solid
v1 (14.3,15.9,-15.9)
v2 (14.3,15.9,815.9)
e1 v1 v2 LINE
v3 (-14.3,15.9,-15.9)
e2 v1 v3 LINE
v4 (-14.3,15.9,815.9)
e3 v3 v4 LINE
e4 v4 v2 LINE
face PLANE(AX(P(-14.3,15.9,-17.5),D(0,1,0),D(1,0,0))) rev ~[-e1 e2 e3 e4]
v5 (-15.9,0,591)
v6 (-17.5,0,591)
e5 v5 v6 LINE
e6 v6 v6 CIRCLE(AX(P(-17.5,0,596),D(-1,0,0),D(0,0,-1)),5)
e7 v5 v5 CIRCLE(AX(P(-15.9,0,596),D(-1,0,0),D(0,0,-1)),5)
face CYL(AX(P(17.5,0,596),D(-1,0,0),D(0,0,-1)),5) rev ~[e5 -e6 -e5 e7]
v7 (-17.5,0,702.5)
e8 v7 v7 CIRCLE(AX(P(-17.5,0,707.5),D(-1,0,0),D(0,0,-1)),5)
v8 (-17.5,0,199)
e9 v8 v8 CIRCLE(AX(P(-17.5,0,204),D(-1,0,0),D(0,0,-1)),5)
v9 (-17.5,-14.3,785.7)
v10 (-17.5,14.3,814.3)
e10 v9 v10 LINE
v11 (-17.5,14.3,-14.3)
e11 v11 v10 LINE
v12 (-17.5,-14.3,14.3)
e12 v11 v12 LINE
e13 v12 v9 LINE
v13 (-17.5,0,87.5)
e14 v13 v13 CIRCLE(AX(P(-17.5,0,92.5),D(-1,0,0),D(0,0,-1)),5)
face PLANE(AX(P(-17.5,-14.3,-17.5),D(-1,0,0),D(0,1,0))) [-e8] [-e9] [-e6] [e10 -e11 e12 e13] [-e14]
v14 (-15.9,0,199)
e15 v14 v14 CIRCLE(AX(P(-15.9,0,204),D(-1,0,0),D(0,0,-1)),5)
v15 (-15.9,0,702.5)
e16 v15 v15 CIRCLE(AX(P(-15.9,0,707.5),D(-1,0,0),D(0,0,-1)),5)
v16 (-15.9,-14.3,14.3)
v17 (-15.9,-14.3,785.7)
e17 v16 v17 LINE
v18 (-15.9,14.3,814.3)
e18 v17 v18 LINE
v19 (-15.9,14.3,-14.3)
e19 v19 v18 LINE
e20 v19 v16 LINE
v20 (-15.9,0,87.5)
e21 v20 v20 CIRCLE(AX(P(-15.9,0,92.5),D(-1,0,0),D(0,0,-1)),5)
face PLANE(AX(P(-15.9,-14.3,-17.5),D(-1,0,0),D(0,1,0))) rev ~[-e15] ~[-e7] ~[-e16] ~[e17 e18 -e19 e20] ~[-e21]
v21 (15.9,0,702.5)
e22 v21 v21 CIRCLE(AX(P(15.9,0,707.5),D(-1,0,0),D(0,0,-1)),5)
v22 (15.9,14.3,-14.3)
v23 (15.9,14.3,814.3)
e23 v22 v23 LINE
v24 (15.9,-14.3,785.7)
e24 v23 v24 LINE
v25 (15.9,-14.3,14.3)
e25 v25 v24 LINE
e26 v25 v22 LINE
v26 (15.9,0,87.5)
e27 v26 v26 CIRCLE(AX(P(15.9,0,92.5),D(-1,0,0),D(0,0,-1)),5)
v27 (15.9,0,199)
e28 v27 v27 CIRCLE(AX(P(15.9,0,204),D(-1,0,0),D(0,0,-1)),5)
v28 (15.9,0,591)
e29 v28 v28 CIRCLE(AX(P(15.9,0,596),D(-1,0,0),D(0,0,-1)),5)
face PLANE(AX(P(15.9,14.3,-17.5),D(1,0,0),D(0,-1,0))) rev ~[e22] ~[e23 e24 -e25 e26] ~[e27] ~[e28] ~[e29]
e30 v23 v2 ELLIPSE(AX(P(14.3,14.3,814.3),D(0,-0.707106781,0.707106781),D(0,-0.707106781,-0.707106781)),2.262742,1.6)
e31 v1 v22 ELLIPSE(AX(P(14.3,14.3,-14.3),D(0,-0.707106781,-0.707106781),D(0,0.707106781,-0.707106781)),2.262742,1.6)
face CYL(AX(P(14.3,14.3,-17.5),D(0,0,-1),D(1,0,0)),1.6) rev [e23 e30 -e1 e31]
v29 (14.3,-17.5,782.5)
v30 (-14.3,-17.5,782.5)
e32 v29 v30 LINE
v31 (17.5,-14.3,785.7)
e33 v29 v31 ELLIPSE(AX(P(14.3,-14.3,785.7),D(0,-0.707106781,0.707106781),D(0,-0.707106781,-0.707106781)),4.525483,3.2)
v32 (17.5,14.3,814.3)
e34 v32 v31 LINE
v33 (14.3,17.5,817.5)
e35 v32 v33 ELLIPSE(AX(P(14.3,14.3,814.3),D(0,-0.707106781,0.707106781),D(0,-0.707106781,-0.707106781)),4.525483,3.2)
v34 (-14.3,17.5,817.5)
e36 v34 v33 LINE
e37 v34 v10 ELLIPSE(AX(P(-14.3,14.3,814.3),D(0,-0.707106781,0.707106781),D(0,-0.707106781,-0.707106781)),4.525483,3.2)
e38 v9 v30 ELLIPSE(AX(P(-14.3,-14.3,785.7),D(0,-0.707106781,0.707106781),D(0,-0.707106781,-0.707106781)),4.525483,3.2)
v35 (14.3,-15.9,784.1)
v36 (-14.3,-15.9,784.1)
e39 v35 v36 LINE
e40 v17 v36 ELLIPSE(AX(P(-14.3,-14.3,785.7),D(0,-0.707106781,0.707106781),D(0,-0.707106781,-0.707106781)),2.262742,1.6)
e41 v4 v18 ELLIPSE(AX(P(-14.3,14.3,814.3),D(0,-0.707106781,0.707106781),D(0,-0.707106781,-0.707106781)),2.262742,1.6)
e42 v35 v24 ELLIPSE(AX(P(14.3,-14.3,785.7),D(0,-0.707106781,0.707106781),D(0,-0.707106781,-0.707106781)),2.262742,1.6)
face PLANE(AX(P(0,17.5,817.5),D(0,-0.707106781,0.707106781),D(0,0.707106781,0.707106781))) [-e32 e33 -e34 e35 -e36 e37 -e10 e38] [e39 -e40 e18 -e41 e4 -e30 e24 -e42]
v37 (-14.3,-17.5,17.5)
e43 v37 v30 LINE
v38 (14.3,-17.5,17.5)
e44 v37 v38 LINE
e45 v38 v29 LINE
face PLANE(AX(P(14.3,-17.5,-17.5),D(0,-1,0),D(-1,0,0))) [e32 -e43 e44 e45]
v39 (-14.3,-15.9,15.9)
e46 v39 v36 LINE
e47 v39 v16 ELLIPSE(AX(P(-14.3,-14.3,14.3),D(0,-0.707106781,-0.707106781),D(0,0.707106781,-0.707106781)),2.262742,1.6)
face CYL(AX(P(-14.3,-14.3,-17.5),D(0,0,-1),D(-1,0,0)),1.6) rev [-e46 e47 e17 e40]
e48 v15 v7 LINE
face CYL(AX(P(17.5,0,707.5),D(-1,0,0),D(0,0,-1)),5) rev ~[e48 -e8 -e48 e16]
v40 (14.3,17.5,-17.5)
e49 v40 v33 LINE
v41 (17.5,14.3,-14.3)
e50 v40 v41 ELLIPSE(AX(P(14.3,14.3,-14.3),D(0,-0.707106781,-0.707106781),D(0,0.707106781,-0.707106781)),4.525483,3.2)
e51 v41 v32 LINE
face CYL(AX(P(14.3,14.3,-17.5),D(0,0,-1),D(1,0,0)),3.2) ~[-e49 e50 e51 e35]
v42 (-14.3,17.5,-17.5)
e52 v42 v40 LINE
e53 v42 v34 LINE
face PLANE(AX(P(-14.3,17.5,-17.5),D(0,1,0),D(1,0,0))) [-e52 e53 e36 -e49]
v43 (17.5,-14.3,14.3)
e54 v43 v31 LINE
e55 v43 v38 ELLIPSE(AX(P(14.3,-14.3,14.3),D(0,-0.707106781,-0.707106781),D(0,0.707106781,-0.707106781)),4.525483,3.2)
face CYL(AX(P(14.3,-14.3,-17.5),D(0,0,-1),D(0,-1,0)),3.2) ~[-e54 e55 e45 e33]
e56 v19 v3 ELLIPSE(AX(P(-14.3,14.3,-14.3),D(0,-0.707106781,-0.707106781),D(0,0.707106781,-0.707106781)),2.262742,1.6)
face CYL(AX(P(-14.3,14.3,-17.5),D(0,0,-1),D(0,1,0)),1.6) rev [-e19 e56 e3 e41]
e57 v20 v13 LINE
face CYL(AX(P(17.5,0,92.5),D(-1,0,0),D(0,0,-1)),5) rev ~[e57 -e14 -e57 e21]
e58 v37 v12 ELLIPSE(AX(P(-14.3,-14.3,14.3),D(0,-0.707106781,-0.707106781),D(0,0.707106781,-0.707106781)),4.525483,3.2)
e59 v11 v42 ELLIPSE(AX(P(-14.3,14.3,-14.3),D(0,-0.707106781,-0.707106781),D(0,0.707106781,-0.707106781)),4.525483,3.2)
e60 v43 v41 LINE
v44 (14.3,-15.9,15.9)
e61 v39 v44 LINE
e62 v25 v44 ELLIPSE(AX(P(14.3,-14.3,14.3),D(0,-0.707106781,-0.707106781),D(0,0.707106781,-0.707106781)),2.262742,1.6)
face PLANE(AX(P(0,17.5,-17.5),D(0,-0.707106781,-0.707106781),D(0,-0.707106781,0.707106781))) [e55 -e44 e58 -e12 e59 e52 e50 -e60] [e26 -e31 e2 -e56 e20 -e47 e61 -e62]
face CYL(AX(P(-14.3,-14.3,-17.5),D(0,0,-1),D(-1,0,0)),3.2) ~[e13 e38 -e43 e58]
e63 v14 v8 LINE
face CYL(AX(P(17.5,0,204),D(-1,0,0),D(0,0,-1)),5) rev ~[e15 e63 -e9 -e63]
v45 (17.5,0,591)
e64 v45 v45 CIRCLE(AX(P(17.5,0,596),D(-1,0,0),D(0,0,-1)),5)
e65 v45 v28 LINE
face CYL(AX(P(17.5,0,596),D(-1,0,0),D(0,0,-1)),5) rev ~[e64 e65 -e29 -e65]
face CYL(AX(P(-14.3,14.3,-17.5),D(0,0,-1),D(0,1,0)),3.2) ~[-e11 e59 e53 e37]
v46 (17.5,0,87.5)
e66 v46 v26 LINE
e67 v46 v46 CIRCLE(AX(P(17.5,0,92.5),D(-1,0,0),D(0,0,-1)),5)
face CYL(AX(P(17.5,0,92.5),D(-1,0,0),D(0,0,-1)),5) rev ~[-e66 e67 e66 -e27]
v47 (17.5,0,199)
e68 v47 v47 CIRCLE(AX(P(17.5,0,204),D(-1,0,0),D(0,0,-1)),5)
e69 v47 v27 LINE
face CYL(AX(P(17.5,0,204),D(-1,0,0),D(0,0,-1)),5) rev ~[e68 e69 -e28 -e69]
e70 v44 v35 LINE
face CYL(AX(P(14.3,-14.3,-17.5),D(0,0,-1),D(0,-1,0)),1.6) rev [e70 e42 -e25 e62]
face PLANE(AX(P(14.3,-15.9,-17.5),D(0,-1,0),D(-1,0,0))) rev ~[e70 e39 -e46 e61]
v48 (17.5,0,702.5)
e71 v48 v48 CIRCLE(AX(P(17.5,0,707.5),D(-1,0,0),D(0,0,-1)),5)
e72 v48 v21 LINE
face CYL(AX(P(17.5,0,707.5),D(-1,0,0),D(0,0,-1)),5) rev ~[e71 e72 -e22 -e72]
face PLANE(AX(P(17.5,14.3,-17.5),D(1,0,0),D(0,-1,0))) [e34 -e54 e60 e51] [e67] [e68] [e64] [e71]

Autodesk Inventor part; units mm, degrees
ref_plane "Start plane" through (0, 0, -17.5) normal (0, 0, 1) x (1, 0, 0)
ref_plane "End plane" through (0, 0, 817.5) normal (0, 0, 1) x (1, 0, 0)
sketch "Sketch" plane through (0, 0, 0) normal (0, 0, 1) x (1, 0, 0)
  line L0 (-17.5, -14.3) -> (-17.5, 14.3)
  line L1 (-14.3, 17.5) -> (14.3, 17.5)
  line L2 (17.5, 14.3) -> (17.5, -14.3)
  line L3 (14.3, -17.5) -> (-14.3, -17.5)
  arc A0 (-17.5, -14.3) -> (-14.3, -17.5) centre (-14.3, -14.3) ccw
  arc A1 (-14.3, 17.5) -> (-17.5, 14.3) centre (-14.3, 14.3) ccw
  arc A2 (17.5, 14.3) -> (14.3, 17.5) centre (14.3, 14.3) ccw
  arc A3 (14.3, -17.5) -> (17.5, -14.3) centre (14.3, -14.3) ccw
  arc A4 (-14.3, 15.9) -> (-15.9, 14.3) centre (-14.3, 14.3) ccw
  line L4 (-14.3, 15.9) -> (14.3, 15.9)
  arc A5 (15.9, 14.3) -> (14.3, 15.9) centre (14.3, 14.3) ccw
  line L5 (15.9, 14.3) -> (15.9, -14.3)
  arc A6 (14.3, -15.9) -> (15.9, -14.3) centre (14.3, -14.3) ccw
  line L6 (14.3, -15.9) -> (-14.3, -15.9)
  arc A7 (-15.9, -14.3) -> (-14.3, -15.9) centre (-14.3, -14.3) ccw
  line L7 (-15.9, -14.3) -> (-15.9, 14.3)
  line L8 (0, 25.4278) -> (0, -25.4278) construction
  line L9 (-25.4278, 0) -> (25.4278, 0) construction
  dimension "d7" = 3.2
  dimension "d10" = 35
  dimension "d11" = 35
  dimension "d12" = 1.6
  dimension "d15" = 17.5
  dimension "d16" = 17.5
extrude "Body" add sketch "Sketch" along normal up to surface (835 mm away) from surface at -17.5
sketch "Sketch3" plane through (0, 0, 0) normal (0, 0, 1) x (1, 0, 0)
  line L0 (0, 0) -> (10, 0)
ref_plane "Work Plane3" through (0, 0, 0) normal (0, -1, 0) x (1, 0, 0)
sketch "Sketch4" plane through (0, 0, 0) normal (0, -1, 0) x (1, 0, 0)
  line L0 (-2, -17.5) -> (12, -17.5)
  line L1 (-2, 817.5) -> (12, 817.5)
  dimension "d18" = 835
ref_plane "Work Plane4" through (-17.5, 0, -17.5) normal (0, 0, -1) x (-1, 0, 0)
split "Split1" plane through (-17.5, 0, -17.5) removes the side toward (0, 0, -1)
ref_plane "Work Plane5" through (-107.5, 0, 817.5) normal (0, 0, 1) x (1, 0, 0)
split "Split2" plane through (-107.5, 0, 817.5) removes the side toward (0, 0, 1)
ref_plane "Work Plane6" through (0, 17.5, -17.5) normal (0, -0.7071, -0.7071) x (1, 0, 0)
split "Split3" plane through (0, 17.5, -17.5) removes the side toward (0, -0.7071, -0.7071)
ref_plane "Work Plane8" through (0, 17.5, 817.5) normal (0, -0.7071, 0.7071) x (1, 0, 0)
split "Split5" plane through (0, 17.5, 817.5) removes the side toward (0, -0.7071, 0.7071)
sketch "Sketch5" plane through (17.5, 14.3, 814.3) normal (1, 0, 0) x (0, 0, -1)
  line L0 (0, 0) -> (28.6, -28.6) construction
  line L1 (28.6, -28.6) -> (800, -28.6) construction
  line L2 (800, -28.6) -> (828.6, 0) construction
  line L3 (0, 0) -> (828.6, 0) construction
  line L4 (31.8, -496.8) -> (31.8, -31.8) construction
  line L5 (796.8, -31.8) -> (796.8, -96.8) construction
  line L6 (106.8, 0) -> (106.8, -28.6) construction
  line L7 (28.6, -28.6) -> (800, -28.6) construction
  line L8 (218.3, 0) -> (218.3, -28.6) construction
  line L9 (106.8, -14.3) -> (218.3, -14.3) construction
  line L10 (721.8, 0) -> (721.8, -28.6) construction
  line L11 (0, 0) -> (828.6, 0) construction
  line L12 (610.3, 0) -> (610.3, -28.6) construction
  line L13 (610.3, -14.3) -> (721.8, -14.3) construction
  point P0 (814.3, -14.3)
  dimension "d19" = 75
  dimension "d20" = 111.5
  dimension "d21" = 75
  dimension "d22" = 111.5
hole "Hole1" at (17.5, 0, 707.5) at (17.5, 0, 596) at (17.5, 0, 204) at (17.5, 0, 92.5) direction (-1, 0, 0) diameter 10 end through all
equation "\"d7\" = G_IR"
equation "\"d10\" = G_H"
equation "\"d11\" = G_W"
equation "\"d12\" = G_T"
equation "\"d15\" = 0.5 * d10"
equation "\"d16\" = 0.5 * d11"
equation "\"d3\" = G_L"
equation "\"G_W\" = 35"
equation "\"G_H\" = 35"
equation "\"G_T\" = 1.6"
equation "\"G_IR\" = 3.2"
equation "\"G_L\" = d18"
equation "\"G_OFFSET_START\" = 17.5"
equation "\"G_OFFSET_END\" = 17.5"
equation "\"d13\" = -G_OFFSET_START"
equation "\"d14\" = G_OFFSET_END + B_L"
equation "\"B_L\" = 800"
properties part number "AS 1163 - C350L0 35x35x1.6 SHS - 835" material "Steel, Mild"
